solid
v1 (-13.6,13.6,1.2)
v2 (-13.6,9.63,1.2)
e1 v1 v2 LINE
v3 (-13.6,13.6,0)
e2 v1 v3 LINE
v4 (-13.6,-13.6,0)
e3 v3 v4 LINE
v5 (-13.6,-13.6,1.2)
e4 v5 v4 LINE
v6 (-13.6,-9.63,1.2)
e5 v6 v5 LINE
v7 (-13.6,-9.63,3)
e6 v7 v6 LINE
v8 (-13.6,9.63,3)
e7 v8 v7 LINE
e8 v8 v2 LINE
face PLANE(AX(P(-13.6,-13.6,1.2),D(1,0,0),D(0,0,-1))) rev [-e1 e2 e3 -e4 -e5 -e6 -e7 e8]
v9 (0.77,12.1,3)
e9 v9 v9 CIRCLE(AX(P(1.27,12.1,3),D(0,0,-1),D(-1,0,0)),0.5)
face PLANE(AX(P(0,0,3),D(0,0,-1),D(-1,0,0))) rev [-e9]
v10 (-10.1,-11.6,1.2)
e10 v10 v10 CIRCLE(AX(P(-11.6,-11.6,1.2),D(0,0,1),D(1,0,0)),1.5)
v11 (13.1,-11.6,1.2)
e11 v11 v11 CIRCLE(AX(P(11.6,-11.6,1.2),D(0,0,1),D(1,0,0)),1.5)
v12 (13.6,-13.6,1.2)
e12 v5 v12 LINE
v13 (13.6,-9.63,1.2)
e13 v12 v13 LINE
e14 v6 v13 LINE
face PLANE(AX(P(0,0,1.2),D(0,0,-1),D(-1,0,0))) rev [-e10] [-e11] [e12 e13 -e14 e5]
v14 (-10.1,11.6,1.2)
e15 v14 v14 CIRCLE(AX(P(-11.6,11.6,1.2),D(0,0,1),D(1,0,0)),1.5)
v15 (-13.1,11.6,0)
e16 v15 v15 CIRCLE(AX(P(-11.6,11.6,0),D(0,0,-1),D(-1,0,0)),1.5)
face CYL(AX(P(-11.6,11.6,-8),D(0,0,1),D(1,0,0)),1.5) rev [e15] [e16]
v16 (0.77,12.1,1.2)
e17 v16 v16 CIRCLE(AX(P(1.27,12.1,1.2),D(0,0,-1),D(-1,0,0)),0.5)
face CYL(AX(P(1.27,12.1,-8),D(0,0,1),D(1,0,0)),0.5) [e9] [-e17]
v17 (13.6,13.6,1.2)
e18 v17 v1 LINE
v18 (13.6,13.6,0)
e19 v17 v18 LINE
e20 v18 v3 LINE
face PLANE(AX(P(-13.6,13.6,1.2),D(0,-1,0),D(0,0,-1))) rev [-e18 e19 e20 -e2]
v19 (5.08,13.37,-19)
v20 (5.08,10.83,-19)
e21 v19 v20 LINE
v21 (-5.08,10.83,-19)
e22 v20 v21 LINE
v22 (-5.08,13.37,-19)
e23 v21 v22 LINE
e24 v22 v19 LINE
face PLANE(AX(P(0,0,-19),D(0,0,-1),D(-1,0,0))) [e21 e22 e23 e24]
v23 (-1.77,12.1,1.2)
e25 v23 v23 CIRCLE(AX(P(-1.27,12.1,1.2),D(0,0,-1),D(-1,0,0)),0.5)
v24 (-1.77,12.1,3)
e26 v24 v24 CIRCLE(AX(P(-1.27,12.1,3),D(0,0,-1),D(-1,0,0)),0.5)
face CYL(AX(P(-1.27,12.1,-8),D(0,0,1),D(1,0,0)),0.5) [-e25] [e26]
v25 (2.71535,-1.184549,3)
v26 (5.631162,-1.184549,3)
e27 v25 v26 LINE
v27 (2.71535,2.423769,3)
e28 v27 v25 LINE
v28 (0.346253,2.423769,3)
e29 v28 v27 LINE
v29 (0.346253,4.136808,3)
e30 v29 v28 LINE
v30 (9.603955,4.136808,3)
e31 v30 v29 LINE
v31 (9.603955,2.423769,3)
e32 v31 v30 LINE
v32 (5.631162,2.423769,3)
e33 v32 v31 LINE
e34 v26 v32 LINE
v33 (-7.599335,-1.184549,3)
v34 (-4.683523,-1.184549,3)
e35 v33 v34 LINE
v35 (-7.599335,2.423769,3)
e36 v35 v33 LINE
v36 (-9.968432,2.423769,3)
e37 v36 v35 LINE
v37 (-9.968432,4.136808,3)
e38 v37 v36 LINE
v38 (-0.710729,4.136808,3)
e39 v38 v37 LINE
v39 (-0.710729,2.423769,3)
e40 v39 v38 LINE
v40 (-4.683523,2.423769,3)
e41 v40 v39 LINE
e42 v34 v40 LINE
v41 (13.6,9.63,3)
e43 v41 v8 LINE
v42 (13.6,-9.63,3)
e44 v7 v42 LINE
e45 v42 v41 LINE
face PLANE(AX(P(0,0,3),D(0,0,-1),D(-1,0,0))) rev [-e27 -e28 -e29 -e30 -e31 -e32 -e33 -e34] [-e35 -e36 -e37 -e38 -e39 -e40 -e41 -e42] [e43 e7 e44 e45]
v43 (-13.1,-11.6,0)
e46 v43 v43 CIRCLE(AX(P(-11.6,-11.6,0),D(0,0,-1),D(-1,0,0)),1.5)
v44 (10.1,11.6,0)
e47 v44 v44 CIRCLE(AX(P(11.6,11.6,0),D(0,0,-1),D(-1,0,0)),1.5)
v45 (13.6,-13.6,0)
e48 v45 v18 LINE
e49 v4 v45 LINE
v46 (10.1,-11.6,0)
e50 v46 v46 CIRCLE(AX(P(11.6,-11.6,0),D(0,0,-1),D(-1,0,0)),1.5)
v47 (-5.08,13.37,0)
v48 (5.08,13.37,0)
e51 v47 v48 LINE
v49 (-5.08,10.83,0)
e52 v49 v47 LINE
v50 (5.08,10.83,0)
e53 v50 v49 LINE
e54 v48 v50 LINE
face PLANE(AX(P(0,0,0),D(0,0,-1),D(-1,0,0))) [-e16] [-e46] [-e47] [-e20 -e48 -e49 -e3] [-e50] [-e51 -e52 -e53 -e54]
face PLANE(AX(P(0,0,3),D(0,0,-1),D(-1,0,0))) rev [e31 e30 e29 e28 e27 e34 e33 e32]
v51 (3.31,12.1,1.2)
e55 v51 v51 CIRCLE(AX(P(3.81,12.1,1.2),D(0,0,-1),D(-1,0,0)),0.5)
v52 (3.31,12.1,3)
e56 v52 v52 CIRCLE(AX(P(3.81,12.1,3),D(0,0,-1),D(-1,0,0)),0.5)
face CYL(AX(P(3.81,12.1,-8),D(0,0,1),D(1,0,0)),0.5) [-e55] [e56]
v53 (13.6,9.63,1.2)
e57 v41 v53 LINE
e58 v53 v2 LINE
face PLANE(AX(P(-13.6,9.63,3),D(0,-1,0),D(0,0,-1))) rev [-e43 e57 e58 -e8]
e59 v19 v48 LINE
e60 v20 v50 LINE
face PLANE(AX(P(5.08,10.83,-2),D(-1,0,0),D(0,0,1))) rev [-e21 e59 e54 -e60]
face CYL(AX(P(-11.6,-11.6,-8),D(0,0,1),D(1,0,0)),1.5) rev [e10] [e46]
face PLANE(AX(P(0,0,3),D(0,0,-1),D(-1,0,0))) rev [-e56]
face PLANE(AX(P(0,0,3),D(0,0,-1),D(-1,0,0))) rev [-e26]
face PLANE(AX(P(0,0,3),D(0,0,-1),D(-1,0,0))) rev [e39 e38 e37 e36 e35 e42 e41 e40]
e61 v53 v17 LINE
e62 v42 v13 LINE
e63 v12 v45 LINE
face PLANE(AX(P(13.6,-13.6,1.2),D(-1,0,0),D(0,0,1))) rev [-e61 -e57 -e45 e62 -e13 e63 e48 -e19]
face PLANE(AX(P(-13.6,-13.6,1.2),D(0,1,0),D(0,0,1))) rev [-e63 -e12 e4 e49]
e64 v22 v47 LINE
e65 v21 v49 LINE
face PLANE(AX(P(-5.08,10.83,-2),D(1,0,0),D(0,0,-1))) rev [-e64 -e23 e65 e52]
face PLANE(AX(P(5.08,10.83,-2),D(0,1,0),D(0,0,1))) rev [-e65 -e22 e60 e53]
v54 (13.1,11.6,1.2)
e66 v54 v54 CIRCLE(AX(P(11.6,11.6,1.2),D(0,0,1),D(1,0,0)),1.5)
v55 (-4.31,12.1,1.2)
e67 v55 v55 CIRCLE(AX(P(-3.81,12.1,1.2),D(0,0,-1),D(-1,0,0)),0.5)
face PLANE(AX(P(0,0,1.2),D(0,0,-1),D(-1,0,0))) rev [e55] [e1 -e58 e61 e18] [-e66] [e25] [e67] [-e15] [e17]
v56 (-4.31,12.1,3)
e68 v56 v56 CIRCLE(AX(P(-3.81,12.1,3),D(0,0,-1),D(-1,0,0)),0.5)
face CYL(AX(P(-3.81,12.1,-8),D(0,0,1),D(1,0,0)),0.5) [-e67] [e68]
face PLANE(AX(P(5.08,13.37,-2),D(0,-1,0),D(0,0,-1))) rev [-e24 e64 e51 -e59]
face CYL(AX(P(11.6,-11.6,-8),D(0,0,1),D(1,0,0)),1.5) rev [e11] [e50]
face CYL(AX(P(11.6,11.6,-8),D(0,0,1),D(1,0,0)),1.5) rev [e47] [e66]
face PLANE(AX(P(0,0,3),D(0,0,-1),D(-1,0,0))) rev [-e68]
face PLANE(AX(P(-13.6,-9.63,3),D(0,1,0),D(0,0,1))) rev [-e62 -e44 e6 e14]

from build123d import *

# Parameters (mm, degrees)
SKETCH_1_W                    = 27.2
SKETCH_1_H                    = 27.2
EXTRUDE_480_DEPTH             = 1.2
SKETCH_2_W                    = 27.2
SKETCH_2_H                    = 19.26
EXTRUDE_643_DEPTH             = 1.8
EXTRUDE_867_REACH             = 21.317
SKETCH_3_R                    = 0.5
EXTRUDE_867_DIRECTION_2_DEPTH = 9.2
SKETCH_4_R                    = 1.5
CUT_EXTRUDE_1140_DEPTH        = 22.320412754
SKETCH_5_W                    = 10.16
SKETCH_5_H                    = 2.54
EXTRUDE_1389_DEPTH            = 2
SKETCH_7_W                    = 10.16
SKETCH_7_H                    = 2.54
EXTRUDE_2113_DEPTH            = 17


with BuildPart() as part:
    # Эскиз1 → Extrude 480 (new body)
    with BuildSketch(Plane.XY):
        Rectangle(SKETCH_1_W, SKETCH_1_H)
    extrude(amount=EXTRUDE_480_DEPTH)

    # Эскиз2 → Extrude 643 (add)
    with BuildSketch(Plane.XY.offset(1.2)):
        Rectangle(SKETCH_2_W, SKETCH_2_H)
    extrude(amount=EXTRUDE_643_DEPTH)

    # Extrude 867: up to this face of the body (flat: up to its plane)
    extrude_867_end = Plane(part.part.faces().sort_by_distance((0, 0, 3))[0])
    # Эскиз3 → Extrude 867 (add, up to the picked face)
    with BuildSketch(Plane.XY.offset(1.2), mode=Mode.PRIVATE) as extrude_867_sk1:
        with Locations((-3.81, 12.1)):
            Circle(SKETCH_3_R)
    extrude_867_tool1 = split(extrude(extrude_867_sk1.sketch, amount=EXTRUDE_867_REACH, mode=Mode.PRIVATE), bisect_by=extrude_867_end, keep=Keep.BOTH, mode=Mode.PRIVATE)
    # Эскиз3 → Extrude 867 (add, up to the picked face)
    with BuildSketch(Plane.XY.offset(1.2), mode=Mode.PRIVATE) as extrude_867_sk2:
        with Locations((-1.27, 12.1)):
            Circle(SKETCH_3_R)
    extrude_867_tool2 = split(extrude(extrude_867_sk2.sketch, amount=EXTRUDE_867_REACH, mode=Mode.PRIVATE), bisect_by=extrude_867_end, keep=Keep.BOTH, mode=Mode.PRIVATE)
    # Эскиз3 → Extrude 867 (add, up to the picked face)
    with BuildSketch(Plane.XY.offset(1.2), mode=Mode.PRIVATE) as extrude_867_sk3:
        with Locations((1.27, 12.1)):
            Circle(SKETCH_3_R)
    extrude_867_tool3 = split(extrude(extrude_867_sk3.sketch, amount=EXTRUDE_867_REACH, mode=Mode.PRIVATE), bisect_by=extrude_867_end, keep=Keep.BOTH, mode=Mode.PRIVATE)
    # Эскиз3 → Extrude 867 (add, up to the picked face)
    with BuildSketch(Plane.XY.offset(1.2), mode=Mode.PRIVATE) as extrude_867_sk4:
        with Locations((3.81, 12.1)):
            Circle(SKETCH_3_R)
    extrude_867_tool4 = split(extrude(extrude_867_sk4.sketch, amount=EXTRUDE_867_REACH, mode=Mode.PRIVATE), bisect_by=extrude_867_end, keep=Keep.BOTH, mode=Mode.PRIVATE)
    add(extrude_867_tool1.solids().sort_by(Axis((-3.81, 12.1, 1.2), (0, 0, 1)))[0])
    add(extrude_867_tool2.solids().sort_by(Axis((-1.27, 12.1, 1.2), (0, 0, 1)))[0])
    add(extrude_867_tool3.solids().sort_by(Axis((1.27, 12.1, 1.2), (0, 0, 1)))[0])
    add(extrude_867_tool4.solids().sort_by(Axis((3.81, 12.1, 1.2), (0, 0, 1)))[0])

    # Эскиз3 → Extrude 867 direction 2 (add)
    with BuildSketch(Plane.XY.offset(1.2)):
        with Locations((-3.81, 12.1)):
            Circle(SKETCH_3_R)
        with Locations((-1.27, 12.1)):
            Circle(SKETCH_3_R)
        with Locations((1.27, 12.1)):
            Circle(SKETCH_3_R)
        with Locations((3.81, 12.1)):
            Circle(SKETCH_3_R)
    extrude(amount=-EXTRUDE_867_DIRECTION_2_DEPTH)

    # Эскиз4 → Cut-Extrude 1140 (cut, through all)
    with BuildSketch(Plane.XY.offset(1.2)):
        with Locations((-11.6, 11.6)):
            Circle(SKETCH_4_R)
        with Locations((11.6, 11.6)):
            Circle(SKETCH_4_R)
        with Locations((11.6, -11.6)):
            Circle(SKETCH_4_R)
        with Locations((-11.6, -11.6)):
            Circle(SKETCH_4_R)
    extrude(amount=-CUT_EXTRUDE_1140_DEPTH, mode=Mode.SUBTRACT)

    # Эскиз5 → Extrude 1389 (add)
    with BuildSketch(Plane(origin=(0, 0, 0), x_dir=(-1, 0, 0), z_dir=(0, 0, -1))):
        with Locations((0, 12.1)):
            Rectangle(SKETCH_5_W, SKETCH_5_H)
    extrude(amount=EXTRUDE_1389_DEPTH)

    # Эскиз7 → Extrude 2113 (add)
    with BuildSketch(Plane(origin=(0, 0, -2), x_dir=(-1, 0, 0), z_dir=(0, 0, -1))):
        with Locations((0, 12.1)):
            Rectangle(SKETCH_7_W, SKETCH_7_H)
    extrude(amount=EXTRUDE_2113_DEPTH)


solid = part.part
